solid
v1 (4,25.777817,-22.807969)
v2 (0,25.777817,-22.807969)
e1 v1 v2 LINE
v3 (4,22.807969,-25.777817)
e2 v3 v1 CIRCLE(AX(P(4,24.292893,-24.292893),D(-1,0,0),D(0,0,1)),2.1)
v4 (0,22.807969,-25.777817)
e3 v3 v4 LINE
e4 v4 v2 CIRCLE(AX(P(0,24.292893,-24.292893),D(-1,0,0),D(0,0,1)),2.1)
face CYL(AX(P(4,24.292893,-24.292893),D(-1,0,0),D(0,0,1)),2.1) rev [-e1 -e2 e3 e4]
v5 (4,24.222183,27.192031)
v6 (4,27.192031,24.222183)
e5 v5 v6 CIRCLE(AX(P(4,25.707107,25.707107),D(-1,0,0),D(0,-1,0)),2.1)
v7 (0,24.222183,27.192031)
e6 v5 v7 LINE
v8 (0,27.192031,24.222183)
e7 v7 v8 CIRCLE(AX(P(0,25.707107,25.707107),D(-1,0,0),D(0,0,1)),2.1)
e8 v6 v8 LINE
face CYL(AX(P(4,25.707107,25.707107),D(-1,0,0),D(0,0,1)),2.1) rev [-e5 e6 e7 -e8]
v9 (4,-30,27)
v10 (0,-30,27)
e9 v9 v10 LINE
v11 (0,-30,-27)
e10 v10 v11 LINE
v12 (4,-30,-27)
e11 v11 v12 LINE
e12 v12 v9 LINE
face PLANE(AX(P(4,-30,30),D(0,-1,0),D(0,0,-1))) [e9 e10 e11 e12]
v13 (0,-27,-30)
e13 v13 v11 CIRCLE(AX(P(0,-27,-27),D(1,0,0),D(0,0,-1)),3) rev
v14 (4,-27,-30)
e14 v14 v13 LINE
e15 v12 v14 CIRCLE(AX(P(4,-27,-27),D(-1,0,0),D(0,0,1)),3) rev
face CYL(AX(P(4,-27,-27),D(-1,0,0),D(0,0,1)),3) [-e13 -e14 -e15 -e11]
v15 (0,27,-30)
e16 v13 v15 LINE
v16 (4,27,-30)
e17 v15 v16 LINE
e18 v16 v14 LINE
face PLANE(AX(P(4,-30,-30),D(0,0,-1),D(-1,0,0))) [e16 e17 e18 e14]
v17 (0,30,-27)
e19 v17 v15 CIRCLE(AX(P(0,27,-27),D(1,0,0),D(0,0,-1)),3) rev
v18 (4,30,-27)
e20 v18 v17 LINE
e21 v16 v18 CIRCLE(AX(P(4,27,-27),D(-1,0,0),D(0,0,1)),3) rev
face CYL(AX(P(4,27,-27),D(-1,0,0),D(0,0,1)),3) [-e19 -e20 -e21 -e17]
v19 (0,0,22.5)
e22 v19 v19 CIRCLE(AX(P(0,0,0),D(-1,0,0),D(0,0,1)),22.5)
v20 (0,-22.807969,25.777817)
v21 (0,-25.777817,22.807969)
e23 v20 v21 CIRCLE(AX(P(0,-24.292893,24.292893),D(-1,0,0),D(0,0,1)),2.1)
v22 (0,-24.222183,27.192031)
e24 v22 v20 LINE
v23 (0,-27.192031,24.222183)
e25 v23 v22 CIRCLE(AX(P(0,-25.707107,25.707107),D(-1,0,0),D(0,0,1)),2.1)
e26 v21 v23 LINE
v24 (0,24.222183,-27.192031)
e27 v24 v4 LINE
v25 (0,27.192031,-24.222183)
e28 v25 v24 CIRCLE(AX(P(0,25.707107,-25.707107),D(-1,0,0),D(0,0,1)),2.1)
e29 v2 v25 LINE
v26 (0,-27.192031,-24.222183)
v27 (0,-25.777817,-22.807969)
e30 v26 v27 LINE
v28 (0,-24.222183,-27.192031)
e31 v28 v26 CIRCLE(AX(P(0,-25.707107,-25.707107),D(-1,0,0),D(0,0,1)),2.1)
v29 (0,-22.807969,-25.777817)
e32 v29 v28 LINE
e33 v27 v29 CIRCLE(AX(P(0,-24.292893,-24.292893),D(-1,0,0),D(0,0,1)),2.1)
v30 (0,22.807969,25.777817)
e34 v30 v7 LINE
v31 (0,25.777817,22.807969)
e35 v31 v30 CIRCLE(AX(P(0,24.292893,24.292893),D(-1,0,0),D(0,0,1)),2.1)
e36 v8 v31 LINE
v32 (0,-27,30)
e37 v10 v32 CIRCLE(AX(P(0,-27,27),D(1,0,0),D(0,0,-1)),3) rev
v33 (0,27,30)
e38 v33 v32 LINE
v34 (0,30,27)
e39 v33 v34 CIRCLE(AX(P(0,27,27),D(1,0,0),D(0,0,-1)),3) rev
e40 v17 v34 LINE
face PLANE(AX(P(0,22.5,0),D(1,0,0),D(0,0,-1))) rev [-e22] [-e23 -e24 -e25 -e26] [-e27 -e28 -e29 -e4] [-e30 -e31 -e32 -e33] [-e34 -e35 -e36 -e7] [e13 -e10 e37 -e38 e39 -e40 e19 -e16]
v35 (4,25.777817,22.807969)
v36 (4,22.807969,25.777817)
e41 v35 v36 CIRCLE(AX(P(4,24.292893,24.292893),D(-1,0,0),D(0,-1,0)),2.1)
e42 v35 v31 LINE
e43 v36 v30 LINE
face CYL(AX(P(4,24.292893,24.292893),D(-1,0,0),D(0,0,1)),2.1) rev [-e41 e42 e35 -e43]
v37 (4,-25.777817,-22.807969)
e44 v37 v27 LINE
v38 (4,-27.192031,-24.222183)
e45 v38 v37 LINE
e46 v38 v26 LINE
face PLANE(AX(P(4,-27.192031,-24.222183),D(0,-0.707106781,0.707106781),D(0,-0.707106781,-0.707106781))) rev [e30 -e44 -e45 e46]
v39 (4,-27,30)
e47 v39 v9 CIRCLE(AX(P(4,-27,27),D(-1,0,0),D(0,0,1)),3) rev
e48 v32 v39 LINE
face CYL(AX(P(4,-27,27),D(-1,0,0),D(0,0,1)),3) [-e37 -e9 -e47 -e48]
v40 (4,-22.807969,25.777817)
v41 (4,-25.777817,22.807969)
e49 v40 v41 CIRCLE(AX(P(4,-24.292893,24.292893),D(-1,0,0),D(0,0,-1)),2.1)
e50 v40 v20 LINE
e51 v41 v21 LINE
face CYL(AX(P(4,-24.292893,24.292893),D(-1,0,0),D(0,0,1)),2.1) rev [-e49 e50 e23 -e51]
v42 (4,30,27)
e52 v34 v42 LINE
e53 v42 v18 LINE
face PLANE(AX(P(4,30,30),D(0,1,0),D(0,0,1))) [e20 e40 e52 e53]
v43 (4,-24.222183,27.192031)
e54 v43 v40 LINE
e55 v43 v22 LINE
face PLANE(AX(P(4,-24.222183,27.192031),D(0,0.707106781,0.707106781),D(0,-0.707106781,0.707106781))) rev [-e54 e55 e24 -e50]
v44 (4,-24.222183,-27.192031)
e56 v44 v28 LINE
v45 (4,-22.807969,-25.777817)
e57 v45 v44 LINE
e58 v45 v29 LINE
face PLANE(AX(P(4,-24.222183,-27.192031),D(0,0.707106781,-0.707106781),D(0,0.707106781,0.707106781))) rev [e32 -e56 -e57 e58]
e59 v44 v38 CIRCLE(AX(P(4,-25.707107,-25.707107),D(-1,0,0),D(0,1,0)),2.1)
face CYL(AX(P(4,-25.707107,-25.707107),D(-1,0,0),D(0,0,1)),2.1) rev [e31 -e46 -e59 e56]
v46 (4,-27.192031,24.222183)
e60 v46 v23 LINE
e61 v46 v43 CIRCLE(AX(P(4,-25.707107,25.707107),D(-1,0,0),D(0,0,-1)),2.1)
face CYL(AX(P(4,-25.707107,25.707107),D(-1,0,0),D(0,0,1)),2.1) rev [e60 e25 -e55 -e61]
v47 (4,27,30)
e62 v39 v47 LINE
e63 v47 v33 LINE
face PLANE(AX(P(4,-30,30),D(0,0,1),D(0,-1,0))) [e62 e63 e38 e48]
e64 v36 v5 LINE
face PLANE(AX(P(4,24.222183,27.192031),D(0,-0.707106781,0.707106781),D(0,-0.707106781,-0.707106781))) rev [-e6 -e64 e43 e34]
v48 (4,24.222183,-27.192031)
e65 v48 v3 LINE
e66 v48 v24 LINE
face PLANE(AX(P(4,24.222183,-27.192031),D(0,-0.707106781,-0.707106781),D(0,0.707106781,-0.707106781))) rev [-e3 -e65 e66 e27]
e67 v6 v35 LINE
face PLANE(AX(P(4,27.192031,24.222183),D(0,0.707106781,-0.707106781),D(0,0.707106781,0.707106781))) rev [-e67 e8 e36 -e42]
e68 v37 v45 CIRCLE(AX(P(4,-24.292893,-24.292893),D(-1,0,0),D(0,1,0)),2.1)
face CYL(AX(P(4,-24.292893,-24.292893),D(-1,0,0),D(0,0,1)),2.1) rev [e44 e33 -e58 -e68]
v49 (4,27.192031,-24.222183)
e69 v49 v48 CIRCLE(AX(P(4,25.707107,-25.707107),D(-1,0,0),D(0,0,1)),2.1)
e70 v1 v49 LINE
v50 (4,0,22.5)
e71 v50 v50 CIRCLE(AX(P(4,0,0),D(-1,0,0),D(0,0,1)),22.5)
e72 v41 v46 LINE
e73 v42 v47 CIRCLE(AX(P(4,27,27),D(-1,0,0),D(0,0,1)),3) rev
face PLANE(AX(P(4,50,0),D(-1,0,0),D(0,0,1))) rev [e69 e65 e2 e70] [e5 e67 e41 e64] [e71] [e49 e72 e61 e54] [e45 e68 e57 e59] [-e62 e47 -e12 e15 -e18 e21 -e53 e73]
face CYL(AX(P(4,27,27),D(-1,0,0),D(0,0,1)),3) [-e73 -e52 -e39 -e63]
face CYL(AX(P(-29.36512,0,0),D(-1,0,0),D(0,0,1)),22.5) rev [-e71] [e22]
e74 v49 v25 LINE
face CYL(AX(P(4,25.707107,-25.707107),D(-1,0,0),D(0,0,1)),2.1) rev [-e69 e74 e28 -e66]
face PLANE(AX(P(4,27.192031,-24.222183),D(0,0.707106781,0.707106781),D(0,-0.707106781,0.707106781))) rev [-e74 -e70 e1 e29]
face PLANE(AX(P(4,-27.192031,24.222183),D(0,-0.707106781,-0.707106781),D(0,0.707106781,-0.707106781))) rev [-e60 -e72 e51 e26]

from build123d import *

# Parameters (mm, degrees)
SKETCH_1_W               = 4
SKETCH_1_H               = 27.5
CUT_EXTRUDE_4_DEPTH      = 71.823724839
CUT_EXTRUDE_4_DEPTH_BACK = 71.823724839
SKETCH_7_R               = 50
SKETCH_7_W               = 60
SKETCH_7_H               = 60
CUT_EXTRUDE_3_DEPTH      = 43.614551505
PATTERN_CIRCULAR_2_COUNT = 4
FILLET_1_R               = 3


with BuildPart() as part:
    # Эскиз1 → Повернуть1 (revolve)
    with BuildSketch(Plane.XY, mode=Mode.PRIVATE) as revolve_1_sk:
        with Locations((2, 36.25)):
            Rectangle(SKETCH_1_W, SKETCH_1_H)
    revolve(revolve_1_sk.sketch.rotate(Axis((-29.36512031, 0, 0), (1, 0, 0)), 90), axis=Axis((-29.36512031, 0, 0), (1, 0, 0)))

    # Эскиз7 → Вырез-Вытянуть4 (cut, two sides: drawn at the far end of the back side and taken through both)
    with BuildSketch(Plane.ZY.offset(-CUT_EXTRUDE_4_DEPTH_BACK)):
        Circle(SKETCH_7_R)
        Rectangle(SKETCH_7_W, SKETCH_7_H, mode=Mode.SUBTRACT)
    extrude(amount=CUT_EXTRUDE_4_DEPTH + CUT_EXTRUDE_4_DEPTH_BACK, mode=Mode.SUBTRACT)

    # Эскиз6 → Вырез-Вытянуть3 (cut, symmetric)
    with BuildSketch(Plane.ZY):
        with BuildLine():
            Line((-27.192031022, 24.222182541), (-25.777817459, 22.807968978))
            ThreePointArc((-25.777817459, 22.807968978), (-22.807968978, 22.807968978), (-22.807968978, 25.777817459))
            Line((-22.807968978, 25.777817459), (-24.222182541, 27.192031022))
            ThreePointArc((-24.222182541, 27.192031022), (-27.192031022, 27.192031022), (-27.192031022, 24.222182541))
        make_face()
    cut_extrude_3 = extrude(amount=CUT_EXTRUDE_3_DEPTH, both=True, mode=Mode.SUBTRACT)

    # Круговой массив2: Вырез-Вытянуть3 ×4 about axis
    pattern_circular_2_axis = Axis((0, 0, 0), (1, 0, 0))
    for i in range(1, PATTERN_CIRCULAR_2_COUNT):
        add(cut_extrude_3.rotate(pattern_circular_2_axis, i * 360 / PATTERN_CIRCULAR_2_COUNT), mode=Mode.SUBTRACT)

    # Скругление1
    fillet_1_edges = [part.edges().sort_by_distance(p)[0] for p in [
        (2, 30, -30),
        (2, 30, 30),
        (2, -30, 30),
        (2, -30, -30),
    ]]
    fillet(fillet_1_edges, radius=FILLET_1_R)


solid = part.part
